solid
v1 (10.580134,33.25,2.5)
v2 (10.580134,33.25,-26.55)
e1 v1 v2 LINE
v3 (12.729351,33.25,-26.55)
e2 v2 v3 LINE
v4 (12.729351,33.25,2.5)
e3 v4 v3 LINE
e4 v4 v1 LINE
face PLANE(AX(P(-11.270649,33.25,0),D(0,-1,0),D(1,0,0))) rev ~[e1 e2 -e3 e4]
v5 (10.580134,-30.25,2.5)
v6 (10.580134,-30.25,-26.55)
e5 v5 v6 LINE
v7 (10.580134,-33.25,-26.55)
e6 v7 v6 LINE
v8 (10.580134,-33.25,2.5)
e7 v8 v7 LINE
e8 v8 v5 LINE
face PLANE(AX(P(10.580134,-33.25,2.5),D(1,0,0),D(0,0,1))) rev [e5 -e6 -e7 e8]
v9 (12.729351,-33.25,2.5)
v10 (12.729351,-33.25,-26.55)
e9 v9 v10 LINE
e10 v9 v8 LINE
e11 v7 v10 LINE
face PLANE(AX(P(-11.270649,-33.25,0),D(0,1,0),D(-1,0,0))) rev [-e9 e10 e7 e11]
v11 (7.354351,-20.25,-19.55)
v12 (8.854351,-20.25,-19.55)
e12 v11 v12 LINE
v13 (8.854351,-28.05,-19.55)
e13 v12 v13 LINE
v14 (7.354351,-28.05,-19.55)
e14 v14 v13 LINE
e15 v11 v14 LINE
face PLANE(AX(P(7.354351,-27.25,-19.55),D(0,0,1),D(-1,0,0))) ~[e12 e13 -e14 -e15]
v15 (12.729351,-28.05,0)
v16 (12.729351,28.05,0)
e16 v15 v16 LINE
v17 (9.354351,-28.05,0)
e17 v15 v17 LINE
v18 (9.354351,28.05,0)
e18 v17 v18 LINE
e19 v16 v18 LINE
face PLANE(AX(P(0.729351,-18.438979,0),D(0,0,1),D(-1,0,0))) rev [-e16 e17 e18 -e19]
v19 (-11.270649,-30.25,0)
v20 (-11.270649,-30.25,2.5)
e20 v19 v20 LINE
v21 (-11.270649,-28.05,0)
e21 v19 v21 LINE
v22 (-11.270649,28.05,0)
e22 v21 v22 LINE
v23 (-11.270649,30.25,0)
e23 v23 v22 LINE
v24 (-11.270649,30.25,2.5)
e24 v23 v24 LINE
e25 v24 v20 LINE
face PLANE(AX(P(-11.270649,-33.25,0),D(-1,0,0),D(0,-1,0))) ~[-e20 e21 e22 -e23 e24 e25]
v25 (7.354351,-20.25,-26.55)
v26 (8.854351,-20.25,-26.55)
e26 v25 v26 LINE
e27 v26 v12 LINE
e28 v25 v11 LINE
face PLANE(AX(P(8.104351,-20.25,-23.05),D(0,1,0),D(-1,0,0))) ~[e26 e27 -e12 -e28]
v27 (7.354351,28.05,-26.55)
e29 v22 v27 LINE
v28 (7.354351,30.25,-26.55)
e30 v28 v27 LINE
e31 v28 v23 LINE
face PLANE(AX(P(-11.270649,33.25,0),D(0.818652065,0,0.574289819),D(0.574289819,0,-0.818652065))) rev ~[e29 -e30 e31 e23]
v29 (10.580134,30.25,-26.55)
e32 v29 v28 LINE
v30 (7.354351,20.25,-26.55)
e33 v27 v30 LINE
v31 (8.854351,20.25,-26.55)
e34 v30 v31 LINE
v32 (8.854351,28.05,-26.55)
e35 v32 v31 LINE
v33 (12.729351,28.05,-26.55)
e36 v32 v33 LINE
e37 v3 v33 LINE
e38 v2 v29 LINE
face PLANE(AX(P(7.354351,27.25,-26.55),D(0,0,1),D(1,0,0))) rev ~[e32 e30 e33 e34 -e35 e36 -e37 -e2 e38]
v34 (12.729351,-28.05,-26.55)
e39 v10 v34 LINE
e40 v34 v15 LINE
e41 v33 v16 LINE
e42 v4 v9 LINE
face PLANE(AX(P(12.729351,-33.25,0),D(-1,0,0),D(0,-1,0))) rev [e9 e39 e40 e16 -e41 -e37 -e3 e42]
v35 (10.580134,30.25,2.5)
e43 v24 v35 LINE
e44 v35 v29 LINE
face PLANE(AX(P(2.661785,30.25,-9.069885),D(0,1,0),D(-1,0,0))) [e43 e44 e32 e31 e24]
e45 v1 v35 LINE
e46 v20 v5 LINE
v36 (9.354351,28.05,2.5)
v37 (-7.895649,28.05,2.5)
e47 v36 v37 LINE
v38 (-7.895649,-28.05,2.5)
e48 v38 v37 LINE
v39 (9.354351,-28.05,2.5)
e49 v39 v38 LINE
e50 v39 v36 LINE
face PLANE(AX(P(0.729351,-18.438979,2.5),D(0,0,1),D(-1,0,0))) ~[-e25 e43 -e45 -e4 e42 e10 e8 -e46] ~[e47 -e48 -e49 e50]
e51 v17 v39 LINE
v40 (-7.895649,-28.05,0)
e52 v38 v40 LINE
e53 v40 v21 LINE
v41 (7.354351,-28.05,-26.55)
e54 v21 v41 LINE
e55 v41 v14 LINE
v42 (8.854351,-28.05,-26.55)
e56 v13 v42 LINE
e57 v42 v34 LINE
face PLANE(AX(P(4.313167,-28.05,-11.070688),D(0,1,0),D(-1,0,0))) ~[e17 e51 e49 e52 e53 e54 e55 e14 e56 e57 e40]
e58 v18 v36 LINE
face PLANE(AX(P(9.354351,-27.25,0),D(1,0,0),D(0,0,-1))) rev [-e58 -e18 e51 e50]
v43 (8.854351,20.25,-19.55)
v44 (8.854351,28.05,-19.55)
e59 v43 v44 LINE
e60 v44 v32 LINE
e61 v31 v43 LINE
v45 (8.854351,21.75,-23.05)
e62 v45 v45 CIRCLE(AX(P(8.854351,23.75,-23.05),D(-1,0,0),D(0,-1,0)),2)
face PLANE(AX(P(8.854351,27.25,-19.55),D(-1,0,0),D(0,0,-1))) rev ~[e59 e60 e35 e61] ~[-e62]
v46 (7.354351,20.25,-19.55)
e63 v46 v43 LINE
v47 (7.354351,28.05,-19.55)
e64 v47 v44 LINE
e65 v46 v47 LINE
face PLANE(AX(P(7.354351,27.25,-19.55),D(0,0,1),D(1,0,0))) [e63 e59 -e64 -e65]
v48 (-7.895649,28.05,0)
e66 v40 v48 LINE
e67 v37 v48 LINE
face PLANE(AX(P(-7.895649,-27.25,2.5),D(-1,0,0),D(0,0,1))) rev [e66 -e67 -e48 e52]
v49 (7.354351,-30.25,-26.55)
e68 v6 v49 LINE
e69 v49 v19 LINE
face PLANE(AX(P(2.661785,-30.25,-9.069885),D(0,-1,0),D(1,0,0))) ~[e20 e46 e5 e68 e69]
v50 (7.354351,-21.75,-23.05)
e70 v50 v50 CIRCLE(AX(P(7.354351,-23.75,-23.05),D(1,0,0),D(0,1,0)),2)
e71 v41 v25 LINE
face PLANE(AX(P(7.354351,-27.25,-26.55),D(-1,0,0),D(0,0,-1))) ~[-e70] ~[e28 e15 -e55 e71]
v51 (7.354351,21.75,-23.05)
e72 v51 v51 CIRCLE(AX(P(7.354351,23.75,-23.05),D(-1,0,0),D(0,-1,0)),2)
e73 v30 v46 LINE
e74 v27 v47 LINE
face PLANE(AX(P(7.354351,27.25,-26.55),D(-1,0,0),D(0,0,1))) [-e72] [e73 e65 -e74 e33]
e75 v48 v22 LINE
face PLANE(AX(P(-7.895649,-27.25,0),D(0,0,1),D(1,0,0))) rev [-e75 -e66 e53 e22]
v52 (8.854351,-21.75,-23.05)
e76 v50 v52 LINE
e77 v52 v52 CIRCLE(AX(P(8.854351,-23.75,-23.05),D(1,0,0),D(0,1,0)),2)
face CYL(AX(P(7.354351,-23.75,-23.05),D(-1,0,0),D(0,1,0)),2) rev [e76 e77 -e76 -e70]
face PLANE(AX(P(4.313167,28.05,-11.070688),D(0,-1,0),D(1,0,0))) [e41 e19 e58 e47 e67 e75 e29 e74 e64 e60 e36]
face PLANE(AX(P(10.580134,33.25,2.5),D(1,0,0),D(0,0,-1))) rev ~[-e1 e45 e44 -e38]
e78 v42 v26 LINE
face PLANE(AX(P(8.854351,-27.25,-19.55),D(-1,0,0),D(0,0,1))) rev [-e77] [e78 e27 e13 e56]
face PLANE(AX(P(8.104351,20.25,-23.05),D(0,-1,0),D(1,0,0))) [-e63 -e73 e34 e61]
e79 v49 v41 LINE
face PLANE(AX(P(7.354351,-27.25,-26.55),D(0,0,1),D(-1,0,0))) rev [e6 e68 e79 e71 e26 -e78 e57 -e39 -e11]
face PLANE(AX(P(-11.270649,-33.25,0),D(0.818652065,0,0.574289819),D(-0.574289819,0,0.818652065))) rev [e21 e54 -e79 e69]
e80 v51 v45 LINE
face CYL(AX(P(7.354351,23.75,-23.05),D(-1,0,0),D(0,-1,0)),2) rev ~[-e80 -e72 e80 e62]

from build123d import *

# Parameters (mm, degrees)
F1_DEPTH  = 2.5
F2_W      = 24
F2_H      = 6
F3_DEPTH  = 26.55
F5_DEPTH  = 33.251
F6_W      = 1.5
F6_H      = 7
F7_DEPTH  = 7
F8_R      = 2
F9_DEPTH  = 25
F11_DEPTH = 3
F12_DEPTH = 0.8


with BuildPart() as f1:
    # F0 (on Top) → F1 (new body)
    with BuildSketch(Plane.XY):
        Polygon((-7.895649, 0), (-7.895649, 27.25), (9.354351, 27.25), (9.354351, 0), (12.729351, 0), (12.729351, 33.25), (-11.270649, 33.25), (-11.270649, 0), align=None)
    extrude(amount=F1_DEPTH)

    # F2 (on face) → F3 (join)
    with BuildSketch(Plane(origin=(0, 0, 0), x_dir=(1, 0, 0), z_dir=(0, 0, -1))):
        with Locations((0.729351, -30.25)):
            Rectangle(F2_W, F2_H)
    extrude(amount=F3_DEPTH)

    # F4 (on face) → F5 (cut, through all)
    with BuildSketch(Plane(origin=(0, 33.25, 0), x_dir=(-1, 0, 0), z_dir=(0, 1, 0))):
        Polygon((11.270649, -26.55), (11.270649, 0), (-7.354351, -26.55), align=None)
    extrude(amount=-F5_DEPTH, mode=Mode.SUBTRACT)

    # F6 (on face) → F7 (join)
    with BuildSketch(Plane.XZ.offset(-27.25)):
        with Locations((8.104351, -23.05)):
            Rectangle(F6_W, F6_H)
    extrude(amount=F7_DEPTH)

    # F8 (on face) → F9 (cut)
    with BuildSketch(Plane(origin=(7.354351, 0, 0), x_dir=(0, -1, 0), z_dir=(-1, 0, 0))):
        with Locations((-23.75, -23.05)):
            Circle(F8_R)
    extrude(amount=-F9_DEPTH, mode=Mode.SUBTRACT)

    # F10 (on face) → F11 (cut)
    with BuildSketch(Plane(origin=(0, 33.25, 0), x_dir=(-1, 0, 0), z_dir=(0, 1, 0))):
        Polygon((-7.354351, -26.55), (11.270649, 0), (11.270649, 2.5), (-10.580134, 2.5), (-10.580134, -26.55), align=None)
    extrude(amount=-F11_DEPTH, mode=Mode.SUBTRACT)

    # F6 (on face) → F12 (cut)
    with BuildSketch(Plane.XZ.offset(-27.25)):
        Polygon((-11.270649, 0), (7.354351, -26.55), (7.354351, -19.55), (8.854351, -19.55), (8.854351, -26.55), (12.729351, -26.55), (12.729351, 0), (9.354351, 0), (9.354351, 2.5), (-7.895649, 2.5), (-7.895649, 0), align=None)
    extrude(amount=-F12_DEPTH, mode=Mode.SUBTRACT)

    # F13: F1 across face


with BuildPart() as f1_1:
    add(f1.part)
    add(f1.part.mirror(Plane(origin=(-9.583149, 0, 1.25), x_dir=(1, 0, 0), z_dir=(0, -1, 0))))


solid = f1_1.part
